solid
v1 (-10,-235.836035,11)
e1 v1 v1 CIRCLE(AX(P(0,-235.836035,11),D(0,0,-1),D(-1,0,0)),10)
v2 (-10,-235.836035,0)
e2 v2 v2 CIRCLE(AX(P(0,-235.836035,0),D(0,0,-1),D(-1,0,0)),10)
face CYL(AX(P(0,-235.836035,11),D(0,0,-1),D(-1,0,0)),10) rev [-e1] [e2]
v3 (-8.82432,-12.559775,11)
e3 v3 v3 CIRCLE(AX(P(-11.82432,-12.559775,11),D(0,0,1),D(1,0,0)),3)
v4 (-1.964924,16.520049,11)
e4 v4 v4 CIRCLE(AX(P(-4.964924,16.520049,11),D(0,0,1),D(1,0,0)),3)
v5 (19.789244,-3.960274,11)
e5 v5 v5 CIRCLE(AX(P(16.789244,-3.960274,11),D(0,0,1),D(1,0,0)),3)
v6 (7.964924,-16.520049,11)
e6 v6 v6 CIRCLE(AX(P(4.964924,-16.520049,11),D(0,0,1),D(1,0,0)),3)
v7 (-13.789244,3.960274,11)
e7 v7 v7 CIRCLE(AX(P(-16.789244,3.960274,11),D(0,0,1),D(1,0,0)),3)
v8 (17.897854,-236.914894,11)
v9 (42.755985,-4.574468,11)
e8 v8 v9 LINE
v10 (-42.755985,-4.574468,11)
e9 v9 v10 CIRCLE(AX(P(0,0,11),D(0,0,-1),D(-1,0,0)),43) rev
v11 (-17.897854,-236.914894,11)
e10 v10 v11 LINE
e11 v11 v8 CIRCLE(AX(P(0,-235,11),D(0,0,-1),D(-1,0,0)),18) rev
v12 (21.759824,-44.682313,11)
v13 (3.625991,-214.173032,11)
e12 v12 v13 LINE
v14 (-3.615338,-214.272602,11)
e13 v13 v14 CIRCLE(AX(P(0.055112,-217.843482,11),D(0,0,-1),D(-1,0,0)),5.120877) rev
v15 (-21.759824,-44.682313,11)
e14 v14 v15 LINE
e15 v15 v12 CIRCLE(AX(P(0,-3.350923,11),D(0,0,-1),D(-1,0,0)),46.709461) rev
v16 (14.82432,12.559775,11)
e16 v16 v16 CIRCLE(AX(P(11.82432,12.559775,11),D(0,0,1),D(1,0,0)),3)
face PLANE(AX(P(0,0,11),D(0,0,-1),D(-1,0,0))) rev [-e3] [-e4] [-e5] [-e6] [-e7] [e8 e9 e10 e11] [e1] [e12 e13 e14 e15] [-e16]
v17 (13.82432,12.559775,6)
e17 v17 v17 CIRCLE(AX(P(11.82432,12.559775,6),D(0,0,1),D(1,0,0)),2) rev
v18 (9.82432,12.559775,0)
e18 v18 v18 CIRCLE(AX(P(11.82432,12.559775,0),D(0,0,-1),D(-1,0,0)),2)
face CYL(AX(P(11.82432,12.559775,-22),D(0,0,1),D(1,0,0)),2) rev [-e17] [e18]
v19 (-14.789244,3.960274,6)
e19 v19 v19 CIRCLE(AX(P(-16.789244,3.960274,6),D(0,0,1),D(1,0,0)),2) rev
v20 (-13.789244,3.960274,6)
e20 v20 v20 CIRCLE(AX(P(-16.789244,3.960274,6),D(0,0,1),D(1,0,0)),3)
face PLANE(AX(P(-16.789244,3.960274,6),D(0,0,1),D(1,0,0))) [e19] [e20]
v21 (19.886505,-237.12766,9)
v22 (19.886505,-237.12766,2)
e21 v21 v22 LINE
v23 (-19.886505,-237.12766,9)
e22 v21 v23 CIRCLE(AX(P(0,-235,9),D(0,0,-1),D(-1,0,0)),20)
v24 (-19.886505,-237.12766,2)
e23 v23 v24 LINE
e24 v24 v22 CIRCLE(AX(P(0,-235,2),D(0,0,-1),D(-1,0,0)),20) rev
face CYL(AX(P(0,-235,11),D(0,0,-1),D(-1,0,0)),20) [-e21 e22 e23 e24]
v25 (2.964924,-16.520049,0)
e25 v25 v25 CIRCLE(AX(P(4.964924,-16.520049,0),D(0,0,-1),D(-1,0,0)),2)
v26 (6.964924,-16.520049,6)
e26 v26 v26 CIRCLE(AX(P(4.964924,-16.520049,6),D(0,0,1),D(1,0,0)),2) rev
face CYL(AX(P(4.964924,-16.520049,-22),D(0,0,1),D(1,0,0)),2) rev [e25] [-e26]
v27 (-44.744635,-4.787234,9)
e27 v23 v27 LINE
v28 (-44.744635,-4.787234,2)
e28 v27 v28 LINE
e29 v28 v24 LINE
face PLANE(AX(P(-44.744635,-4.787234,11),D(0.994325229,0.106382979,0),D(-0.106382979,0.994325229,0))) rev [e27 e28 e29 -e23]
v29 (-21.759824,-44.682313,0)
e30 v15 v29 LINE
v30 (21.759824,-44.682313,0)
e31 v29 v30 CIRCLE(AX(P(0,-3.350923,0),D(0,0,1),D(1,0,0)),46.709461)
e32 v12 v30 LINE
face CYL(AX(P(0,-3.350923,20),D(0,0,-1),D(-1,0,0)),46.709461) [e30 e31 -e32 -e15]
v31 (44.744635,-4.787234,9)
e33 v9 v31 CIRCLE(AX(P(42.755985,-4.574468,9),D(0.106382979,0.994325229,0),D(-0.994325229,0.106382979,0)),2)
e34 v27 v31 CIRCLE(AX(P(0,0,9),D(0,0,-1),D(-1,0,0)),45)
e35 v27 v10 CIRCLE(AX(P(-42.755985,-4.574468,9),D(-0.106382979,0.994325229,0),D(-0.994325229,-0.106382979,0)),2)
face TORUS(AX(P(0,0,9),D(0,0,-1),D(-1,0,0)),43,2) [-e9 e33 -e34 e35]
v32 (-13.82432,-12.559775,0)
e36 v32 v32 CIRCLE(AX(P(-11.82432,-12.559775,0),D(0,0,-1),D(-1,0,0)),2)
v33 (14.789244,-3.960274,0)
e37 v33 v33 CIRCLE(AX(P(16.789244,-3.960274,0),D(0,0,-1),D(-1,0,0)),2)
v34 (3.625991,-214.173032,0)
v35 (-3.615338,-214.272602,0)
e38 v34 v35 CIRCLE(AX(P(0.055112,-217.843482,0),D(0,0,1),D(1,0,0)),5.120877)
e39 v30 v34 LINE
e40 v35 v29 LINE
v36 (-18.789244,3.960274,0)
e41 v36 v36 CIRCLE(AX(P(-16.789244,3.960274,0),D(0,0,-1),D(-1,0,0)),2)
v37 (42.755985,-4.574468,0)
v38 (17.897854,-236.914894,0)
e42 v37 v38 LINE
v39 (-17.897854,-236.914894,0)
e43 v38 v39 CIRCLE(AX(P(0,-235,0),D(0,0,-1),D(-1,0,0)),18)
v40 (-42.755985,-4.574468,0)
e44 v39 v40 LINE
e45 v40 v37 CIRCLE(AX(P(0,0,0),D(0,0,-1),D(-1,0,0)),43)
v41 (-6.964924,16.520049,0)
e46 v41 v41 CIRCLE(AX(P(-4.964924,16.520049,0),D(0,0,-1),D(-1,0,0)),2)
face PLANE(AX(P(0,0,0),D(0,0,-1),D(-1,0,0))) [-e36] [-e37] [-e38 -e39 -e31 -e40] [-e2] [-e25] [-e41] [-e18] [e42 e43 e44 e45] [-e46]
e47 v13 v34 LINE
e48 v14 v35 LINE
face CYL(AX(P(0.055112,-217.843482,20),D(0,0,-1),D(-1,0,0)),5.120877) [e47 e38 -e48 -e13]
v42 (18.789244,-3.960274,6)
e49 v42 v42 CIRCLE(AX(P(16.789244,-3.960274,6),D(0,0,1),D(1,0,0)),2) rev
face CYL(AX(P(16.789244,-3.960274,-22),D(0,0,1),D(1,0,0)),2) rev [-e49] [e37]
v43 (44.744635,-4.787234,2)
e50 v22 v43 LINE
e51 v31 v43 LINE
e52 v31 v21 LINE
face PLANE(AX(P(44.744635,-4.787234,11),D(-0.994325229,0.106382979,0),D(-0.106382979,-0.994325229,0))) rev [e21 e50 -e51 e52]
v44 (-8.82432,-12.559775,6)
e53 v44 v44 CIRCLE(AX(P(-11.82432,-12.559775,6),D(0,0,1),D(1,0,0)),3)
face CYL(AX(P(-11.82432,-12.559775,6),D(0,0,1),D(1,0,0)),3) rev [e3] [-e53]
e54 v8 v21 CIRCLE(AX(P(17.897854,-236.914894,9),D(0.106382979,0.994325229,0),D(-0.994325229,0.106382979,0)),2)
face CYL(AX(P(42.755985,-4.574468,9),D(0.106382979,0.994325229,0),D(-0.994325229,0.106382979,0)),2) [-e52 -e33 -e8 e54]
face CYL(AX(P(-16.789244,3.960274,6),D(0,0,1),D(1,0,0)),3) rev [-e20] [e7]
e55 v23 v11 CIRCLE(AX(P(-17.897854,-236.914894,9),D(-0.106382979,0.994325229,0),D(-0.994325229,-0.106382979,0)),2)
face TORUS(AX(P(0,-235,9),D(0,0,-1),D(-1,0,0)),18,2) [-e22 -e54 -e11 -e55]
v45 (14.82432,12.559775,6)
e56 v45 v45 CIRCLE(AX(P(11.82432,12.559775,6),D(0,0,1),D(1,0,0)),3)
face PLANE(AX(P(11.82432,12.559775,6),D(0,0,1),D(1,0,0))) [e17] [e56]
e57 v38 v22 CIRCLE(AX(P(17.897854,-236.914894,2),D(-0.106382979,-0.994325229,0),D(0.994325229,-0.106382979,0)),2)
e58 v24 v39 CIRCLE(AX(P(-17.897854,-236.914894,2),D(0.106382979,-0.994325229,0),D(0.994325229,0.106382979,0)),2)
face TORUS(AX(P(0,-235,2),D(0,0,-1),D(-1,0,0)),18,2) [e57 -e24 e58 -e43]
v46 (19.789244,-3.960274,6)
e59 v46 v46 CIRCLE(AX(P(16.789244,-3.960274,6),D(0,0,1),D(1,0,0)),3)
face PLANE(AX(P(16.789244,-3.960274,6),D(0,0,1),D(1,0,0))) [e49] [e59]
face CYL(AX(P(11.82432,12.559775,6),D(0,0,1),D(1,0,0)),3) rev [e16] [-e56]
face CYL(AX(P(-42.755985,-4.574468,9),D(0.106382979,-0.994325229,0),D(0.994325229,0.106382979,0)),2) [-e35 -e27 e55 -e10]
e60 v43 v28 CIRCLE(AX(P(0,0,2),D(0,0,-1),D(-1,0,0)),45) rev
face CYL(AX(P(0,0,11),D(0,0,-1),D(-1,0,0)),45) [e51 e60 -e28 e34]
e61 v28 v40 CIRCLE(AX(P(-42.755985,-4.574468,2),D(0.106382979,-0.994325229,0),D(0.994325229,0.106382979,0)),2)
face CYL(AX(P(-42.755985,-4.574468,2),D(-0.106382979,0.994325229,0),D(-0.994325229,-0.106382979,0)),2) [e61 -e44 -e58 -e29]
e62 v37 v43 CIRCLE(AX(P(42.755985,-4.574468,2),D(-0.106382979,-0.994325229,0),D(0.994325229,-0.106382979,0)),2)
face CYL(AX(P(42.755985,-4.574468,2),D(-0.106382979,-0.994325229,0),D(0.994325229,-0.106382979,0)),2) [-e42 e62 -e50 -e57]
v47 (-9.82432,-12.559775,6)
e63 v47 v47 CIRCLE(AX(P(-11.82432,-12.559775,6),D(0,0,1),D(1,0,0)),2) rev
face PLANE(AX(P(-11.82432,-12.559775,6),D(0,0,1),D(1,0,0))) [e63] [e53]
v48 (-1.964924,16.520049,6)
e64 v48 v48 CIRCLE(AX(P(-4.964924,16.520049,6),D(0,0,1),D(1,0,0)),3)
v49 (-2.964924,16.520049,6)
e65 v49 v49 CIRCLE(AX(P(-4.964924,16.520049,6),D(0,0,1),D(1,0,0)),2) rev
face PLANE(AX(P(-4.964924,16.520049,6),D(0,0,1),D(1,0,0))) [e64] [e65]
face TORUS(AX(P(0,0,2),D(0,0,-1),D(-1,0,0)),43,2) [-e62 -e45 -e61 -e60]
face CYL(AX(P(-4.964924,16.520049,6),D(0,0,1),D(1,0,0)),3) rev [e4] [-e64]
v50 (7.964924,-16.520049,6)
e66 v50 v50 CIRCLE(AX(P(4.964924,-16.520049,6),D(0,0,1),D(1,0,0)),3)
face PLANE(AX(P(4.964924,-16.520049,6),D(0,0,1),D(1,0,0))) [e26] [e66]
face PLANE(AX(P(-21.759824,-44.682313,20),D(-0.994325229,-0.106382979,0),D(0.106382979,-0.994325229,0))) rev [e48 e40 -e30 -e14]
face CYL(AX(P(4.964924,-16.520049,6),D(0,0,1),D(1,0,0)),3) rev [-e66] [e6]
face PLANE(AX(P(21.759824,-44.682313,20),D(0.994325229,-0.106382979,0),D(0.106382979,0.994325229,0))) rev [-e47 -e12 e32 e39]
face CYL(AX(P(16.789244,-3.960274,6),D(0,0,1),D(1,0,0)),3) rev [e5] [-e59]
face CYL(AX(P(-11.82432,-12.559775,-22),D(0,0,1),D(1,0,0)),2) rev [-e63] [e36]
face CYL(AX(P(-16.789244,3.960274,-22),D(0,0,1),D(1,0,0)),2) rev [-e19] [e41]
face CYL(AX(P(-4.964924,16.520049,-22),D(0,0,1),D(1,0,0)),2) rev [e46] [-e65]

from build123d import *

# Parameters (mm, degrees)
EXTRUDE_1_DEPTH     = 11
SKETCH_2_R          = 10
CUT_EXTRUDE_1_DEPTH = 11
FILLET_1_R          = 2
CUT_EXTRUDE_2_DEPTH = 20
SKETCH_6_R          = 2
CUT_EXTRUDE_4_DEPTH = 33
SKETCH_7_R          = 3
CUT_EXTRUDE_5_DEPTH = 5


with BuildPart() as part:
    # 草图1 → 凸台-拉伸1 (new body)
    with BuildSketch(Plane.XY):
        with BuildLine():
            Line((-44.744635323, -4.787234043), (-19.886504588, -237.127659574))
            ThreePointArc((-19.886504588, -237.127659574), (0, -255), (19.886504588, -237.127659574))
            Line((19.886504588, -237.127659574), (44.744635323, -4.787234043))
            ThreePointArc((44.744635323, -4.787234043), (0, 45), (-44.744635323, -4.787234043))
        make_face()
    extrude(amount=EXTRUDE_1_DEPTH)

    # 草图2 → 切除-拉伸1 (cut)
    with BuildSketch(Plane(origin=(0, 0, 0), x_dir=(-1, 0, 0), z_dir=(0, 0, -1))):
        with Locations((0, -235.836034695)):
            Circle(SKETCH_2_R)
    extrude(amount=-CUT_EXTRUDE_1_DEPTH, mode=Mode.SUBTRACT)

    # 圆角1
    fillet_1_edges = [part.edges().sort_by_distance(p)[0] for p in [
        (0, -255, 11),
        (32.315569956, -120.957446809, 11),
        (0, 45, 11),
        (32.315569956, -120.957446809, 0),
        (0, -255, 0),
        (-32.315569956, -120.957446809, 0),
        (0, 45, 0),
        (-32.315569956, -120.957446809, 11),
    ]]
    fillet(fillet_1_edges, radius=FILLET_1_R)

    # 草图4 → 切除-拉伸2 (cut)
    with BuildSketch(Plane(origin=(0, 0, 0), x_dir=(-1, 0, 0), z_dir=(0, 0, -1))):
        with BuildLine():
            Line((-21.759824224, -44.682312886), (-3.625991278, -214.173032358))
            ThreePointArc((-3.625991278, -214.173032358), (0.015295132, -212.723088949), (3.615338262, -214.272602446))
            Line((3.615338262, -214.272602446), (21.759824224, -44.682312886))
            ThreePointArc((21.759824224, -44.682312886), (0, -50.060383894), (-21.759824224, -44.682312886))
        make_face()
    extrude(amount=-CUT_EXTRUDE_2_DEPTH, mode=Mode.SUBTRACT)

    # 草图6 → 切除-拉伸4 (cut)
    with BuildSketch(Plane.XY.offset(11)):
        with Locations((-16.789244382, 3.960274368)):
            Circle(SKETCH_6_R)
        with Locations((-4.964923982, 16.52004933)):
            Circle(SKETCH_6_R)
        with Locations((11.8243204, 12.559774961)):
            Circle(SKETCH_6_R)
        with Locations((16.789244382, -3.960274368)):
            Circle(SKETCH_6_R)
        with Locations((4.964923982, -16.52004933)):
            Circle(SKETCH_6_R)
        with Locations((-11.8243204, -12.559774961)):
            Circle(SKETCH_6_R)
    extrude(amount=-CUT_EXTRUDE_4_DEPTH, mode=Mode.SUBTRACT)

    # 草图7 → 切除-拉伸5 (cut)
    with BuildSketch(Plane.XY.offset(11)):
        with Locations((-4.964923982, 16.52004933)):
            Circle(SKETCH_7_R)
        with Locations((11.8243204, 12.559774961)):
            Circle(SKETCH_7_R)
        with Locations((16.789244382, -3.960274368)):
            Circle(SKETCH_7_R)
        with Locations((4.964923982, -16.52004933)):
            Circle(SKETCH_7_R)
        with Locations((-11.8243204, -12.559774961)):
            Circle(SKETCH_7_R)
        with Locations((-16.789244382, 3.960274368)):
            Circle(SKETCH_7_R)
    extrude(amount=-CUT_EXTRUDE_5_DEPTH, mode=Mode.SUBTRACT)


solid = part.part
